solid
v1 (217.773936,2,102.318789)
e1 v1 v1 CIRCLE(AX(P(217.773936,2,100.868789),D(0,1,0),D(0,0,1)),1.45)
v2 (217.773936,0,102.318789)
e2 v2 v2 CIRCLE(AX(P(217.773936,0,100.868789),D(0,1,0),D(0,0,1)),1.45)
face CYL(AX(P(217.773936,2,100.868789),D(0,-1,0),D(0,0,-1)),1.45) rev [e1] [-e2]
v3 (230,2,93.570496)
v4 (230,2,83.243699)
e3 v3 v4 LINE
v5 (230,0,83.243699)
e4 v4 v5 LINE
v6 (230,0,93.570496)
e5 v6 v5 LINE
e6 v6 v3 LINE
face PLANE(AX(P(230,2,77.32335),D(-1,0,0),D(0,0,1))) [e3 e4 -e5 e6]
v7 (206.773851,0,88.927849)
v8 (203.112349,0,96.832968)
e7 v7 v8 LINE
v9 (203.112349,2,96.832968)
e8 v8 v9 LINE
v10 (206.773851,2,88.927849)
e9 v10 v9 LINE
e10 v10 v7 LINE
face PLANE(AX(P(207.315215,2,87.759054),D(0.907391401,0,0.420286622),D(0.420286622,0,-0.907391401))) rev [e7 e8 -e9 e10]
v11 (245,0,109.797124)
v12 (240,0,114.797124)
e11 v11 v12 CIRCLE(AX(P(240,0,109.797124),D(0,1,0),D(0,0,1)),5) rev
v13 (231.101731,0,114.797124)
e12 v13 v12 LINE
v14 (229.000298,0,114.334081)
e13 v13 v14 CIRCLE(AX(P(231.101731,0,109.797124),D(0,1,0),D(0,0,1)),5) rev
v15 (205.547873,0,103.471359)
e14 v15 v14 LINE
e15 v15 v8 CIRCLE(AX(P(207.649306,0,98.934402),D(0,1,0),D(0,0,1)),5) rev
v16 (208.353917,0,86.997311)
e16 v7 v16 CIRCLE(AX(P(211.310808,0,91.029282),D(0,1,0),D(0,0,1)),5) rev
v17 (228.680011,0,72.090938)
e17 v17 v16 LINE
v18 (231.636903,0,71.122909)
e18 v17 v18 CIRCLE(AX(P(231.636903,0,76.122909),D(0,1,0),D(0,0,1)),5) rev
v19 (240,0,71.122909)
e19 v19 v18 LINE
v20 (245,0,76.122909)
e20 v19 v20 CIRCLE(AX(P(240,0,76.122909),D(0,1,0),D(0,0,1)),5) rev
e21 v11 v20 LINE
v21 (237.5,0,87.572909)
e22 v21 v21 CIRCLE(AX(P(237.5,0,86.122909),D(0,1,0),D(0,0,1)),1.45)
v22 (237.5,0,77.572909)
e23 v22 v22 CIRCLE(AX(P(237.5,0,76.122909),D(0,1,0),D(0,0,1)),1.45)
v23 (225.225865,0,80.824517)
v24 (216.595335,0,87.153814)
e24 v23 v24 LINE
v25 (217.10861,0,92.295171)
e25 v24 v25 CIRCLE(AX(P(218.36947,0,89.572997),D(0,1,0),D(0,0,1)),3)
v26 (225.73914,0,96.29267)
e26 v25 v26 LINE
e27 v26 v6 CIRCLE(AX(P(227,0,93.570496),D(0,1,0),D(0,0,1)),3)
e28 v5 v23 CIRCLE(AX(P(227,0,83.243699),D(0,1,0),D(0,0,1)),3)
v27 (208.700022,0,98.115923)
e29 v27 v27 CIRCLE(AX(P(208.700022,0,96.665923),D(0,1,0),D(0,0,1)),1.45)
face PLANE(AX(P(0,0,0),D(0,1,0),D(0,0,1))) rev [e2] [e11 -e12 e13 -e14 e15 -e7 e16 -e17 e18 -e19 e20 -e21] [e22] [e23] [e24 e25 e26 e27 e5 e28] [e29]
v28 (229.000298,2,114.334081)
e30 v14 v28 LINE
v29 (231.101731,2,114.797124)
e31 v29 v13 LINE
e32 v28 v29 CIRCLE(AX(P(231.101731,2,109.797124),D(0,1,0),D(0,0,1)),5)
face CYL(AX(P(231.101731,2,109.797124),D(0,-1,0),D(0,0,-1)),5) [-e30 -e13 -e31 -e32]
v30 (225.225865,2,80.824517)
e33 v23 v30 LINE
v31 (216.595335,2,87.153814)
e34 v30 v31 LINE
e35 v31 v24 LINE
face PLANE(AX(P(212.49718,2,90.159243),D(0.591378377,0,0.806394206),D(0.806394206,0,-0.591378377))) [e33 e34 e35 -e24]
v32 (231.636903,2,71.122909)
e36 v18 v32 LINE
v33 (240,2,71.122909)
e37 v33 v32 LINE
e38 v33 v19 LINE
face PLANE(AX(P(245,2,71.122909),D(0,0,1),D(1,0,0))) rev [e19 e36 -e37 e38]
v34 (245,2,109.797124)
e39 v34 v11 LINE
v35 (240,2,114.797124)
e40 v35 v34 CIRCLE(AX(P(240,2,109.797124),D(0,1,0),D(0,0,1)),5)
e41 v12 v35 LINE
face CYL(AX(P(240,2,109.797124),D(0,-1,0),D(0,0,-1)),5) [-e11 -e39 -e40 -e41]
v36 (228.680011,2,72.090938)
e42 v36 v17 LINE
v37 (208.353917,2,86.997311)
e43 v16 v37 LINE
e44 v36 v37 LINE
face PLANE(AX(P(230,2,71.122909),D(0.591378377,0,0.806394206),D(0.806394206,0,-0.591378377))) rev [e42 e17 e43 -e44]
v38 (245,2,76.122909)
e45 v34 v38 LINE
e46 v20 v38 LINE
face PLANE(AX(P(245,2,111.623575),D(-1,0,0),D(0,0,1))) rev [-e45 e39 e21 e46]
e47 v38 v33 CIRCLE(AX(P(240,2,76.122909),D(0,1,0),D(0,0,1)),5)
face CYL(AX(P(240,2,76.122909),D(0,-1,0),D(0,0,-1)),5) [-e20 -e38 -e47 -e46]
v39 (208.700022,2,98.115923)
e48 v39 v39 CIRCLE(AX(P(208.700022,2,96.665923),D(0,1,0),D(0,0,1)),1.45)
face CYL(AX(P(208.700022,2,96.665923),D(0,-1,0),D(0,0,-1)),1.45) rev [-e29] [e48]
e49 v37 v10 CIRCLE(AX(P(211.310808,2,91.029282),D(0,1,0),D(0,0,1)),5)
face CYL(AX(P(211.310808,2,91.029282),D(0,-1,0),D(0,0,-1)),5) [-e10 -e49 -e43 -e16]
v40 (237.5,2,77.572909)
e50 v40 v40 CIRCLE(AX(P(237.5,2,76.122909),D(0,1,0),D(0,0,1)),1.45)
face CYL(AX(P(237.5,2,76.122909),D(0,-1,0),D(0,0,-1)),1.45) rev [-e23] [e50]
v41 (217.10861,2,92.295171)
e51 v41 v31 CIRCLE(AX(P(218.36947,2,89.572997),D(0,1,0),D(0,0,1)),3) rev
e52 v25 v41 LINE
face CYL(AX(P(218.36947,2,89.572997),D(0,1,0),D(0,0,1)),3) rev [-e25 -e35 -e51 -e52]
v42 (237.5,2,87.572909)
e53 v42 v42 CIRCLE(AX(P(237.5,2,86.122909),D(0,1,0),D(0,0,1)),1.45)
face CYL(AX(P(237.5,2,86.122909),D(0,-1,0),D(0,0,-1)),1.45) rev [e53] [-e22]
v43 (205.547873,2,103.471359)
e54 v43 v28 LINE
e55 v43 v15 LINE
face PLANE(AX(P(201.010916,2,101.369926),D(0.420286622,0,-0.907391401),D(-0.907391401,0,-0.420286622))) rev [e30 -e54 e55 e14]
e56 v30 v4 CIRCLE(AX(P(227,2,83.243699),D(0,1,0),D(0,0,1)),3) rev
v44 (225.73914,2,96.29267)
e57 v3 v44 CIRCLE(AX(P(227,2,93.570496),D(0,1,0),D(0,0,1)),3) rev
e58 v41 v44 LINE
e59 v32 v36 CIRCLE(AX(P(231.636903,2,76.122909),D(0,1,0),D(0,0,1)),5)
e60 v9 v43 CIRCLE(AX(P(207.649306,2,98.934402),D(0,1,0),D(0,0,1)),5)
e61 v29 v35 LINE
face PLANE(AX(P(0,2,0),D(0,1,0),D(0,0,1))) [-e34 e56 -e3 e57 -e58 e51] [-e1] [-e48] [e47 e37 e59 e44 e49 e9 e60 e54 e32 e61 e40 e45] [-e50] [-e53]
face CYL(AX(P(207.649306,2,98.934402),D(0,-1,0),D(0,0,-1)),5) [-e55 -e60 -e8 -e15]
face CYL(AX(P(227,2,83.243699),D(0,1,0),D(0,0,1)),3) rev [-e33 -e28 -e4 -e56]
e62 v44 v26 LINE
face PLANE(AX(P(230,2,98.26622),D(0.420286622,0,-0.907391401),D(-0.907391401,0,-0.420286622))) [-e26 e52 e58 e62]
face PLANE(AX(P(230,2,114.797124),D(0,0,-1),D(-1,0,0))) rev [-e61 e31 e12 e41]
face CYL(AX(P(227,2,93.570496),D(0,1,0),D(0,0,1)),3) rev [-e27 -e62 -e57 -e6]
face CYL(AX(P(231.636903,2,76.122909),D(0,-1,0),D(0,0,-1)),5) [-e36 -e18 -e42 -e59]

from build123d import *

# Parameters (mm, degrees)
SKETCH_1_R      = 1.45
EXTRUDE_1_DEPTH = 2
FILLET_1_R      = 5
FILLET_2_R      = 3


with BuildPart() as part:
    # 草图1 → 凸台-拉伸1 (new body)
    with BuildSketch(Plane(origin=(0, 0, 0), x_dir=(1, 0, 0), z_dir=(0, 1, 0))):
        Polygon((207.315214967, -87.759054481), (201.010915634, -101.369925501), (230, -114.797123874), (245, -114.797123874), (245, -111.623574981), (245, -71.122908945), (230, -71.122908945), align=None)
        with Locations(Location((217.77393632, -100.868789323, 0), (0, 0, 270))):
            Circle(SKETCH_1_R, mode=Mode.SUBTRACT)
        with Locations(Location((208.700022307, -96.665923102, 0), (0, 0, 270))):
            Circle(SKETCH_1_R, mode=Mode.SUBTRACT)
        with Locations(Location((237.5, -86.122908945, 0), (0, 0, 270))):
            Circle(SKETCH_1_R, mode=Mode.SUBTRACT)
        with Locations(Location((237.5, -76.122908945, 0), (0, 0, 270))):
            Circle(SKETCH_1_R, mode=Mode.SUBTRACT)
        Polygon((230, -77.323350324), (230, -98.266220035), (212.497179662, -90.159243016), align=None, mode=Mode.SUBTRACT)
    extrude(amount=EXTRUDE_1_DEPTH)

    # 圆角1
    fillet_1_edges = [part.edges().sort_by_distance(p)[0] for p in [
        (230, 1, 71.122908945),
        (245, 1, 71.122908945),
        (245, 1, 114.797123874),
        (230, 1, 114.797123874),
        (201.010915634, 1, 101.369925501),
        (207.315214967, 1, 87.759054481),
    ]]
    fillet(fillet_1_edges, radius=FILLET_1_R)

    # 圆角2
    fillet_2_edges = [part.edges().sort_by_distance(p)[0] for p in [
        (230, 1, 77.323350324),
        (212.497179662, 1, 90.159243016),
        (230, 1, 98.266220035),
    ]]
    fillet(fillet_2_edges, radius=FILLET_2_R)


solid = part.part
